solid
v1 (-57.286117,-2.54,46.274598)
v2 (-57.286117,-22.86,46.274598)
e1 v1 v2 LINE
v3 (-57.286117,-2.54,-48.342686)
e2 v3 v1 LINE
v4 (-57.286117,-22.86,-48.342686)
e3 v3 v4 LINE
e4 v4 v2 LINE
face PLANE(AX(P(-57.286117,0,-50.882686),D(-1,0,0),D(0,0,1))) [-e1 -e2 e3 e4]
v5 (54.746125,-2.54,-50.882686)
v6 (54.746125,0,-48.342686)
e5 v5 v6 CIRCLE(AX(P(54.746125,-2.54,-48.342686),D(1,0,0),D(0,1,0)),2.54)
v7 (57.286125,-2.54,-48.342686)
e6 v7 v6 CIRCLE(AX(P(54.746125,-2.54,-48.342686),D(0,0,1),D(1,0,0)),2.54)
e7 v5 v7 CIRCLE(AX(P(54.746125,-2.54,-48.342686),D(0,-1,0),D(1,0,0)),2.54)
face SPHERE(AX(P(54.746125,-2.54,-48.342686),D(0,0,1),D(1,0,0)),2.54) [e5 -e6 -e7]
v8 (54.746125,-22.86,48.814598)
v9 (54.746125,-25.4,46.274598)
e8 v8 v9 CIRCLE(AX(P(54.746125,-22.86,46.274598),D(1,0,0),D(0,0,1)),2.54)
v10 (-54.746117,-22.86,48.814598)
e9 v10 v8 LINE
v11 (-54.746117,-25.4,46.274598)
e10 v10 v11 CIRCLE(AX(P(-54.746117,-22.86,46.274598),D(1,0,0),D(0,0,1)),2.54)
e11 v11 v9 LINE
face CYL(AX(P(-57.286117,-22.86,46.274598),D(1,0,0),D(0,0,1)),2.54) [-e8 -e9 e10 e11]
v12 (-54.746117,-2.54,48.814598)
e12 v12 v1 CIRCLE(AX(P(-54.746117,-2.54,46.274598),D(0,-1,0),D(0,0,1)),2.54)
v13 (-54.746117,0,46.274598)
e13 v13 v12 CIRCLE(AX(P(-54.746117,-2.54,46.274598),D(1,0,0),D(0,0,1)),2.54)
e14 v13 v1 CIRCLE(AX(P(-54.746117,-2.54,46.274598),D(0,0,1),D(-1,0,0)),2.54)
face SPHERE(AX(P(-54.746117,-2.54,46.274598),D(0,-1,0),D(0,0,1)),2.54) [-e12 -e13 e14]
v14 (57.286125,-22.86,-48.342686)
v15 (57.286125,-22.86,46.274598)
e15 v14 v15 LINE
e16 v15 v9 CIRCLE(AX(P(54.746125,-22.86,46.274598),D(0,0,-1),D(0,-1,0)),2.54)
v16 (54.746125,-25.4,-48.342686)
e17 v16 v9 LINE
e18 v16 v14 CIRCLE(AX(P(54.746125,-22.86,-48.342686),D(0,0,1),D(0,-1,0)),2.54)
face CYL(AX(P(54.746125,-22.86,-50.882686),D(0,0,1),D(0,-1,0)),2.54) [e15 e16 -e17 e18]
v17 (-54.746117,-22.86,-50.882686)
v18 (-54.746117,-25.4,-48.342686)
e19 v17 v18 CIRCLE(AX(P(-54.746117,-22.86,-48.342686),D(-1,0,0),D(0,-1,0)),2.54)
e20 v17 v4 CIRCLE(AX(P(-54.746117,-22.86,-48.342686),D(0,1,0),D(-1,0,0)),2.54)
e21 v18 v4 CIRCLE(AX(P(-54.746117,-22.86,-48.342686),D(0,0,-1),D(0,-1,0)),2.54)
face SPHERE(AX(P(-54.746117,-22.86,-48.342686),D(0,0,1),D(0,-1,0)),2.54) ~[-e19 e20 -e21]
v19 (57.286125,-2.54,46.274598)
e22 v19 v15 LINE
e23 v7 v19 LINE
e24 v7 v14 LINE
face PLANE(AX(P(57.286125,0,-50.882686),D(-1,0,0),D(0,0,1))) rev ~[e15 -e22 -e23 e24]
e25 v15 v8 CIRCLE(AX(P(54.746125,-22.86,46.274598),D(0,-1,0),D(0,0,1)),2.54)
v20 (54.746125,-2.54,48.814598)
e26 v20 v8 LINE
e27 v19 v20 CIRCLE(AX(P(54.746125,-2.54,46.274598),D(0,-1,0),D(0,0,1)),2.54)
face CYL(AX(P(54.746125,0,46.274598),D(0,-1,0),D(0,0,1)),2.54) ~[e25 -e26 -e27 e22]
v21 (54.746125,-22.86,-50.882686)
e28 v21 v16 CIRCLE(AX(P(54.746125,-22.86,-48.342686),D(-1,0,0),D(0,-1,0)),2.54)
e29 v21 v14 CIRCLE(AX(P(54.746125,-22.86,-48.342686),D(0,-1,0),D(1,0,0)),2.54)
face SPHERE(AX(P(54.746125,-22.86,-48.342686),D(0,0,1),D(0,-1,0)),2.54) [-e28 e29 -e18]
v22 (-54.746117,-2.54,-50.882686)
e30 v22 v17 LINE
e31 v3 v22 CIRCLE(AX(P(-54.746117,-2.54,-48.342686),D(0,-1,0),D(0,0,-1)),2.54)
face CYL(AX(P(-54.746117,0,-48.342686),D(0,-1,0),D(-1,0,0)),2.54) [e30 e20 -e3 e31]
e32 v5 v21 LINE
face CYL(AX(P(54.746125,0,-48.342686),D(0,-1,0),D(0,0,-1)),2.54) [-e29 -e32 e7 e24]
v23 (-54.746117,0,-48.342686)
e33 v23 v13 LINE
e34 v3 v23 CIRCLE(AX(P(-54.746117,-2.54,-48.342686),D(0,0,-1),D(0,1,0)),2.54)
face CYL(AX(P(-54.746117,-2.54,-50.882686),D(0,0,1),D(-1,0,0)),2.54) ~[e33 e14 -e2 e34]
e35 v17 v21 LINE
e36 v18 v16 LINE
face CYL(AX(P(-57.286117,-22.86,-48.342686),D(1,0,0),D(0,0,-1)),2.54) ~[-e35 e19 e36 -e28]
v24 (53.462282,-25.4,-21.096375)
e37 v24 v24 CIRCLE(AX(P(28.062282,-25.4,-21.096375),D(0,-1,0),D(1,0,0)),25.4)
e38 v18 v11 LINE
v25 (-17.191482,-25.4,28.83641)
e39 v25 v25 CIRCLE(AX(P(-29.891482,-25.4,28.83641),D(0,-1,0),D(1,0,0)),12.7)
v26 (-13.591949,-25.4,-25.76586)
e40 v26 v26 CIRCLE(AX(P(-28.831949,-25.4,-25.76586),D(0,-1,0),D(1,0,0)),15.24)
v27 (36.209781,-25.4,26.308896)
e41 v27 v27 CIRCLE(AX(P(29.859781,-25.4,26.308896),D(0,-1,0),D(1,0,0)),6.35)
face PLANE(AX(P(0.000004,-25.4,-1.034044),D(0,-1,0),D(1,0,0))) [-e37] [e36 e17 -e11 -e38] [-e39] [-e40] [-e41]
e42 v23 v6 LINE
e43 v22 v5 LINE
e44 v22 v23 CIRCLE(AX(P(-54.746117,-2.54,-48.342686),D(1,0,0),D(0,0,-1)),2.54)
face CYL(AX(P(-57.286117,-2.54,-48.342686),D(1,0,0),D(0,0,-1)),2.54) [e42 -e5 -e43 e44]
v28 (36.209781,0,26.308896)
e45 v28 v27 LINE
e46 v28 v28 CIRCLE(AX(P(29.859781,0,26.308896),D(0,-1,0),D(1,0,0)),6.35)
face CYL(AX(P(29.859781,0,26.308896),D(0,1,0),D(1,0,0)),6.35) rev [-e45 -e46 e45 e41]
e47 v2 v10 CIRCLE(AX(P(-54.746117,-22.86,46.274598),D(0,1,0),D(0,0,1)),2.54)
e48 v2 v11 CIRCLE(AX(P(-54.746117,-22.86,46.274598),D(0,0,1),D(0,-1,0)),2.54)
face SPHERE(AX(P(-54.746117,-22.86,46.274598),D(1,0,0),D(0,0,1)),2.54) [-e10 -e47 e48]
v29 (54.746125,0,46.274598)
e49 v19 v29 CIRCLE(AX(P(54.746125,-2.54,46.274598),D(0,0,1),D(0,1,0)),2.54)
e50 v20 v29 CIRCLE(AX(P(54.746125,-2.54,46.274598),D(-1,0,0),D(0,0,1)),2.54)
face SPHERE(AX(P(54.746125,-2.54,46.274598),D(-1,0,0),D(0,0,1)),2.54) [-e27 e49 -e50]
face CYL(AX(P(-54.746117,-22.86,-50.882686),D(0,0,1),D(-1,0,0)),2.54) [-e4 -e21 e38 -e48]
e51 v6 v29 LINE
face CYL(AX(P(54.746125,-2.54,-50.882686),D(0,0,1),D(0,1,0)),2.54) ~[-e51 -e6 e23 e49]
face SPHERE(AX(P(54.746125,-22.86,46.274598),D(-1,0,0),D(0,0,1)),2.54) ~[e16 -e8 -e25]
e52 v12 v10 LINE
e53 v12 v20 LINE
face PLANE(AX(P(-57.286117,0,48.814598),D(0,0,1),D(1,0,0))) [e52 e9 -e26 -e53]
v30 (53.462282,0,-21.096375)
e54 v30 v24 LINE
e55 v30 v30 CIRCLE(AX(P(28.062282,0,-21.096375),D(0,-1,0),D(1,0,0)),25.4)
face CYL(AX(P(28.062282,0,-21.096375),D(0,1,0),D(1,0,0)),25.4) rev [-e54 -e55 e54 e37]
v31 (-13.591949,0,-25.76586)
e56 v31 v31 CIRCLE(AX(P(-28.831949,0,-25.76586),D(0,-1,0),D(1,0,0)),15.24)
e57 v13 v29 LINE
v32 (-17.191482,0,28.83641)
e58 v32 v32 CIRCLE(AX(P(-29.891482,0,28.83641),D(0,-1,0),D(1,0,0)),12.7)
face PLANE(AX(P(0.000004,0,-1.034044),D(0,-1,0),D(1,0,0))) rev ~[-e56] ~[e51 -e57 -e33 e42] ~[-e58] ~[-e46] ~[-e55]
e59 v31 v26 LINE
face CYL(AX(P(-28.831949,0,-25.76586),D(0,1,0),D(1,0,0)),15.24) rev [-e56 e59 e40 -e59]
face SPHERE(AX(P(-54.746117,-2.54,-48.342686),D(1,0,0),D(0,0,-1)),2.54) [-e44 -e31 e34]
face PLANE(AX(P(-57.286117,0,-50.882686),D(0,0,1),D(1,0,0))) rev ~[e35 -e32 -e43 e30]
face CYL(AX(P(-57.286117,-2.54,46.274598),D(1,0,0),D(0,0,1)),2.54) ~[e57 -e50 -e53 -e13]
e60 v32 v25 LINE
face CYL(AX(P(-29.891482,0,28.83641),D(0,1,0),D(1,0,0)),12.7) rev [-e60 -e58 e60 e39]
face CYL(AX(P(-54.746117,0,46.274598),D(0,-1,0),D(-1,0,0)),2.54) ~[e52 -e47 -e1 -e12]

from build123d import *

# Parameters (mm, degrees)
F0_W     = 114.572242
F0_H     = 99.697284
F1_DEPTH = 25.4
F2_R     = 12.7
F2_R_2   = 6.35
F2_R_3   = 15.24
F2_R_4   = 25.4
F3_DEPTH = 25.4
F4_R     = 2.54


with BuildPart() as f1:
    # F0 (on Front) → F1 (new body)
    with BuildSketch(Plane.XZ):
        with Locations((4e-06, -1.034044)):
            Rectangle(F0_W, F0_H)
    extrude(amount=F1_DEPTH)

    # F2 (on Front) → F3 (cut)
    with BuildSketch(Plane.XZ):
        with Locations((-29.891482, 28.83641)):
            Circle(F2_R)
        with Locations((29.859781, 26.308896)):
            Circle(F2_R_2)
        with Locations((-28.831949, -25.76586)):
            Circle(F2_R_3)
        with Locations((28.062282, -21.096375)):
            Circle(F2_R_4)
    extrude(amount=F3_DEPTH, mode=Mode.SUBTRACT)

    # F4
    f4_edges = [f1.edges().sort_by_distance(p)[0] for p in [
        (4e-06, -25.4, 48.814598),
        (-57.286117, -12.7, 48.814598),
        (4e-06, 0, 48.814598),
        (57.286125, -12.7, 48.814598),
        (57.286125, -25.4, -1.034044),
        (57.286125, 0, -1.034044),
        (-57.286117, -25.4, -1.034044),
        (4e-06, -25.4, -50.882686),
        (57.286125, -12.7, -50.882686),
        (4e-06, 0, -50.882686),
        (-57.286117, -12.7, -50.882686),
        (-57.286117, 0, -1.034044),
    ]]
    fillet(f4_edges, radius=F4_R)


solid = f1.part
